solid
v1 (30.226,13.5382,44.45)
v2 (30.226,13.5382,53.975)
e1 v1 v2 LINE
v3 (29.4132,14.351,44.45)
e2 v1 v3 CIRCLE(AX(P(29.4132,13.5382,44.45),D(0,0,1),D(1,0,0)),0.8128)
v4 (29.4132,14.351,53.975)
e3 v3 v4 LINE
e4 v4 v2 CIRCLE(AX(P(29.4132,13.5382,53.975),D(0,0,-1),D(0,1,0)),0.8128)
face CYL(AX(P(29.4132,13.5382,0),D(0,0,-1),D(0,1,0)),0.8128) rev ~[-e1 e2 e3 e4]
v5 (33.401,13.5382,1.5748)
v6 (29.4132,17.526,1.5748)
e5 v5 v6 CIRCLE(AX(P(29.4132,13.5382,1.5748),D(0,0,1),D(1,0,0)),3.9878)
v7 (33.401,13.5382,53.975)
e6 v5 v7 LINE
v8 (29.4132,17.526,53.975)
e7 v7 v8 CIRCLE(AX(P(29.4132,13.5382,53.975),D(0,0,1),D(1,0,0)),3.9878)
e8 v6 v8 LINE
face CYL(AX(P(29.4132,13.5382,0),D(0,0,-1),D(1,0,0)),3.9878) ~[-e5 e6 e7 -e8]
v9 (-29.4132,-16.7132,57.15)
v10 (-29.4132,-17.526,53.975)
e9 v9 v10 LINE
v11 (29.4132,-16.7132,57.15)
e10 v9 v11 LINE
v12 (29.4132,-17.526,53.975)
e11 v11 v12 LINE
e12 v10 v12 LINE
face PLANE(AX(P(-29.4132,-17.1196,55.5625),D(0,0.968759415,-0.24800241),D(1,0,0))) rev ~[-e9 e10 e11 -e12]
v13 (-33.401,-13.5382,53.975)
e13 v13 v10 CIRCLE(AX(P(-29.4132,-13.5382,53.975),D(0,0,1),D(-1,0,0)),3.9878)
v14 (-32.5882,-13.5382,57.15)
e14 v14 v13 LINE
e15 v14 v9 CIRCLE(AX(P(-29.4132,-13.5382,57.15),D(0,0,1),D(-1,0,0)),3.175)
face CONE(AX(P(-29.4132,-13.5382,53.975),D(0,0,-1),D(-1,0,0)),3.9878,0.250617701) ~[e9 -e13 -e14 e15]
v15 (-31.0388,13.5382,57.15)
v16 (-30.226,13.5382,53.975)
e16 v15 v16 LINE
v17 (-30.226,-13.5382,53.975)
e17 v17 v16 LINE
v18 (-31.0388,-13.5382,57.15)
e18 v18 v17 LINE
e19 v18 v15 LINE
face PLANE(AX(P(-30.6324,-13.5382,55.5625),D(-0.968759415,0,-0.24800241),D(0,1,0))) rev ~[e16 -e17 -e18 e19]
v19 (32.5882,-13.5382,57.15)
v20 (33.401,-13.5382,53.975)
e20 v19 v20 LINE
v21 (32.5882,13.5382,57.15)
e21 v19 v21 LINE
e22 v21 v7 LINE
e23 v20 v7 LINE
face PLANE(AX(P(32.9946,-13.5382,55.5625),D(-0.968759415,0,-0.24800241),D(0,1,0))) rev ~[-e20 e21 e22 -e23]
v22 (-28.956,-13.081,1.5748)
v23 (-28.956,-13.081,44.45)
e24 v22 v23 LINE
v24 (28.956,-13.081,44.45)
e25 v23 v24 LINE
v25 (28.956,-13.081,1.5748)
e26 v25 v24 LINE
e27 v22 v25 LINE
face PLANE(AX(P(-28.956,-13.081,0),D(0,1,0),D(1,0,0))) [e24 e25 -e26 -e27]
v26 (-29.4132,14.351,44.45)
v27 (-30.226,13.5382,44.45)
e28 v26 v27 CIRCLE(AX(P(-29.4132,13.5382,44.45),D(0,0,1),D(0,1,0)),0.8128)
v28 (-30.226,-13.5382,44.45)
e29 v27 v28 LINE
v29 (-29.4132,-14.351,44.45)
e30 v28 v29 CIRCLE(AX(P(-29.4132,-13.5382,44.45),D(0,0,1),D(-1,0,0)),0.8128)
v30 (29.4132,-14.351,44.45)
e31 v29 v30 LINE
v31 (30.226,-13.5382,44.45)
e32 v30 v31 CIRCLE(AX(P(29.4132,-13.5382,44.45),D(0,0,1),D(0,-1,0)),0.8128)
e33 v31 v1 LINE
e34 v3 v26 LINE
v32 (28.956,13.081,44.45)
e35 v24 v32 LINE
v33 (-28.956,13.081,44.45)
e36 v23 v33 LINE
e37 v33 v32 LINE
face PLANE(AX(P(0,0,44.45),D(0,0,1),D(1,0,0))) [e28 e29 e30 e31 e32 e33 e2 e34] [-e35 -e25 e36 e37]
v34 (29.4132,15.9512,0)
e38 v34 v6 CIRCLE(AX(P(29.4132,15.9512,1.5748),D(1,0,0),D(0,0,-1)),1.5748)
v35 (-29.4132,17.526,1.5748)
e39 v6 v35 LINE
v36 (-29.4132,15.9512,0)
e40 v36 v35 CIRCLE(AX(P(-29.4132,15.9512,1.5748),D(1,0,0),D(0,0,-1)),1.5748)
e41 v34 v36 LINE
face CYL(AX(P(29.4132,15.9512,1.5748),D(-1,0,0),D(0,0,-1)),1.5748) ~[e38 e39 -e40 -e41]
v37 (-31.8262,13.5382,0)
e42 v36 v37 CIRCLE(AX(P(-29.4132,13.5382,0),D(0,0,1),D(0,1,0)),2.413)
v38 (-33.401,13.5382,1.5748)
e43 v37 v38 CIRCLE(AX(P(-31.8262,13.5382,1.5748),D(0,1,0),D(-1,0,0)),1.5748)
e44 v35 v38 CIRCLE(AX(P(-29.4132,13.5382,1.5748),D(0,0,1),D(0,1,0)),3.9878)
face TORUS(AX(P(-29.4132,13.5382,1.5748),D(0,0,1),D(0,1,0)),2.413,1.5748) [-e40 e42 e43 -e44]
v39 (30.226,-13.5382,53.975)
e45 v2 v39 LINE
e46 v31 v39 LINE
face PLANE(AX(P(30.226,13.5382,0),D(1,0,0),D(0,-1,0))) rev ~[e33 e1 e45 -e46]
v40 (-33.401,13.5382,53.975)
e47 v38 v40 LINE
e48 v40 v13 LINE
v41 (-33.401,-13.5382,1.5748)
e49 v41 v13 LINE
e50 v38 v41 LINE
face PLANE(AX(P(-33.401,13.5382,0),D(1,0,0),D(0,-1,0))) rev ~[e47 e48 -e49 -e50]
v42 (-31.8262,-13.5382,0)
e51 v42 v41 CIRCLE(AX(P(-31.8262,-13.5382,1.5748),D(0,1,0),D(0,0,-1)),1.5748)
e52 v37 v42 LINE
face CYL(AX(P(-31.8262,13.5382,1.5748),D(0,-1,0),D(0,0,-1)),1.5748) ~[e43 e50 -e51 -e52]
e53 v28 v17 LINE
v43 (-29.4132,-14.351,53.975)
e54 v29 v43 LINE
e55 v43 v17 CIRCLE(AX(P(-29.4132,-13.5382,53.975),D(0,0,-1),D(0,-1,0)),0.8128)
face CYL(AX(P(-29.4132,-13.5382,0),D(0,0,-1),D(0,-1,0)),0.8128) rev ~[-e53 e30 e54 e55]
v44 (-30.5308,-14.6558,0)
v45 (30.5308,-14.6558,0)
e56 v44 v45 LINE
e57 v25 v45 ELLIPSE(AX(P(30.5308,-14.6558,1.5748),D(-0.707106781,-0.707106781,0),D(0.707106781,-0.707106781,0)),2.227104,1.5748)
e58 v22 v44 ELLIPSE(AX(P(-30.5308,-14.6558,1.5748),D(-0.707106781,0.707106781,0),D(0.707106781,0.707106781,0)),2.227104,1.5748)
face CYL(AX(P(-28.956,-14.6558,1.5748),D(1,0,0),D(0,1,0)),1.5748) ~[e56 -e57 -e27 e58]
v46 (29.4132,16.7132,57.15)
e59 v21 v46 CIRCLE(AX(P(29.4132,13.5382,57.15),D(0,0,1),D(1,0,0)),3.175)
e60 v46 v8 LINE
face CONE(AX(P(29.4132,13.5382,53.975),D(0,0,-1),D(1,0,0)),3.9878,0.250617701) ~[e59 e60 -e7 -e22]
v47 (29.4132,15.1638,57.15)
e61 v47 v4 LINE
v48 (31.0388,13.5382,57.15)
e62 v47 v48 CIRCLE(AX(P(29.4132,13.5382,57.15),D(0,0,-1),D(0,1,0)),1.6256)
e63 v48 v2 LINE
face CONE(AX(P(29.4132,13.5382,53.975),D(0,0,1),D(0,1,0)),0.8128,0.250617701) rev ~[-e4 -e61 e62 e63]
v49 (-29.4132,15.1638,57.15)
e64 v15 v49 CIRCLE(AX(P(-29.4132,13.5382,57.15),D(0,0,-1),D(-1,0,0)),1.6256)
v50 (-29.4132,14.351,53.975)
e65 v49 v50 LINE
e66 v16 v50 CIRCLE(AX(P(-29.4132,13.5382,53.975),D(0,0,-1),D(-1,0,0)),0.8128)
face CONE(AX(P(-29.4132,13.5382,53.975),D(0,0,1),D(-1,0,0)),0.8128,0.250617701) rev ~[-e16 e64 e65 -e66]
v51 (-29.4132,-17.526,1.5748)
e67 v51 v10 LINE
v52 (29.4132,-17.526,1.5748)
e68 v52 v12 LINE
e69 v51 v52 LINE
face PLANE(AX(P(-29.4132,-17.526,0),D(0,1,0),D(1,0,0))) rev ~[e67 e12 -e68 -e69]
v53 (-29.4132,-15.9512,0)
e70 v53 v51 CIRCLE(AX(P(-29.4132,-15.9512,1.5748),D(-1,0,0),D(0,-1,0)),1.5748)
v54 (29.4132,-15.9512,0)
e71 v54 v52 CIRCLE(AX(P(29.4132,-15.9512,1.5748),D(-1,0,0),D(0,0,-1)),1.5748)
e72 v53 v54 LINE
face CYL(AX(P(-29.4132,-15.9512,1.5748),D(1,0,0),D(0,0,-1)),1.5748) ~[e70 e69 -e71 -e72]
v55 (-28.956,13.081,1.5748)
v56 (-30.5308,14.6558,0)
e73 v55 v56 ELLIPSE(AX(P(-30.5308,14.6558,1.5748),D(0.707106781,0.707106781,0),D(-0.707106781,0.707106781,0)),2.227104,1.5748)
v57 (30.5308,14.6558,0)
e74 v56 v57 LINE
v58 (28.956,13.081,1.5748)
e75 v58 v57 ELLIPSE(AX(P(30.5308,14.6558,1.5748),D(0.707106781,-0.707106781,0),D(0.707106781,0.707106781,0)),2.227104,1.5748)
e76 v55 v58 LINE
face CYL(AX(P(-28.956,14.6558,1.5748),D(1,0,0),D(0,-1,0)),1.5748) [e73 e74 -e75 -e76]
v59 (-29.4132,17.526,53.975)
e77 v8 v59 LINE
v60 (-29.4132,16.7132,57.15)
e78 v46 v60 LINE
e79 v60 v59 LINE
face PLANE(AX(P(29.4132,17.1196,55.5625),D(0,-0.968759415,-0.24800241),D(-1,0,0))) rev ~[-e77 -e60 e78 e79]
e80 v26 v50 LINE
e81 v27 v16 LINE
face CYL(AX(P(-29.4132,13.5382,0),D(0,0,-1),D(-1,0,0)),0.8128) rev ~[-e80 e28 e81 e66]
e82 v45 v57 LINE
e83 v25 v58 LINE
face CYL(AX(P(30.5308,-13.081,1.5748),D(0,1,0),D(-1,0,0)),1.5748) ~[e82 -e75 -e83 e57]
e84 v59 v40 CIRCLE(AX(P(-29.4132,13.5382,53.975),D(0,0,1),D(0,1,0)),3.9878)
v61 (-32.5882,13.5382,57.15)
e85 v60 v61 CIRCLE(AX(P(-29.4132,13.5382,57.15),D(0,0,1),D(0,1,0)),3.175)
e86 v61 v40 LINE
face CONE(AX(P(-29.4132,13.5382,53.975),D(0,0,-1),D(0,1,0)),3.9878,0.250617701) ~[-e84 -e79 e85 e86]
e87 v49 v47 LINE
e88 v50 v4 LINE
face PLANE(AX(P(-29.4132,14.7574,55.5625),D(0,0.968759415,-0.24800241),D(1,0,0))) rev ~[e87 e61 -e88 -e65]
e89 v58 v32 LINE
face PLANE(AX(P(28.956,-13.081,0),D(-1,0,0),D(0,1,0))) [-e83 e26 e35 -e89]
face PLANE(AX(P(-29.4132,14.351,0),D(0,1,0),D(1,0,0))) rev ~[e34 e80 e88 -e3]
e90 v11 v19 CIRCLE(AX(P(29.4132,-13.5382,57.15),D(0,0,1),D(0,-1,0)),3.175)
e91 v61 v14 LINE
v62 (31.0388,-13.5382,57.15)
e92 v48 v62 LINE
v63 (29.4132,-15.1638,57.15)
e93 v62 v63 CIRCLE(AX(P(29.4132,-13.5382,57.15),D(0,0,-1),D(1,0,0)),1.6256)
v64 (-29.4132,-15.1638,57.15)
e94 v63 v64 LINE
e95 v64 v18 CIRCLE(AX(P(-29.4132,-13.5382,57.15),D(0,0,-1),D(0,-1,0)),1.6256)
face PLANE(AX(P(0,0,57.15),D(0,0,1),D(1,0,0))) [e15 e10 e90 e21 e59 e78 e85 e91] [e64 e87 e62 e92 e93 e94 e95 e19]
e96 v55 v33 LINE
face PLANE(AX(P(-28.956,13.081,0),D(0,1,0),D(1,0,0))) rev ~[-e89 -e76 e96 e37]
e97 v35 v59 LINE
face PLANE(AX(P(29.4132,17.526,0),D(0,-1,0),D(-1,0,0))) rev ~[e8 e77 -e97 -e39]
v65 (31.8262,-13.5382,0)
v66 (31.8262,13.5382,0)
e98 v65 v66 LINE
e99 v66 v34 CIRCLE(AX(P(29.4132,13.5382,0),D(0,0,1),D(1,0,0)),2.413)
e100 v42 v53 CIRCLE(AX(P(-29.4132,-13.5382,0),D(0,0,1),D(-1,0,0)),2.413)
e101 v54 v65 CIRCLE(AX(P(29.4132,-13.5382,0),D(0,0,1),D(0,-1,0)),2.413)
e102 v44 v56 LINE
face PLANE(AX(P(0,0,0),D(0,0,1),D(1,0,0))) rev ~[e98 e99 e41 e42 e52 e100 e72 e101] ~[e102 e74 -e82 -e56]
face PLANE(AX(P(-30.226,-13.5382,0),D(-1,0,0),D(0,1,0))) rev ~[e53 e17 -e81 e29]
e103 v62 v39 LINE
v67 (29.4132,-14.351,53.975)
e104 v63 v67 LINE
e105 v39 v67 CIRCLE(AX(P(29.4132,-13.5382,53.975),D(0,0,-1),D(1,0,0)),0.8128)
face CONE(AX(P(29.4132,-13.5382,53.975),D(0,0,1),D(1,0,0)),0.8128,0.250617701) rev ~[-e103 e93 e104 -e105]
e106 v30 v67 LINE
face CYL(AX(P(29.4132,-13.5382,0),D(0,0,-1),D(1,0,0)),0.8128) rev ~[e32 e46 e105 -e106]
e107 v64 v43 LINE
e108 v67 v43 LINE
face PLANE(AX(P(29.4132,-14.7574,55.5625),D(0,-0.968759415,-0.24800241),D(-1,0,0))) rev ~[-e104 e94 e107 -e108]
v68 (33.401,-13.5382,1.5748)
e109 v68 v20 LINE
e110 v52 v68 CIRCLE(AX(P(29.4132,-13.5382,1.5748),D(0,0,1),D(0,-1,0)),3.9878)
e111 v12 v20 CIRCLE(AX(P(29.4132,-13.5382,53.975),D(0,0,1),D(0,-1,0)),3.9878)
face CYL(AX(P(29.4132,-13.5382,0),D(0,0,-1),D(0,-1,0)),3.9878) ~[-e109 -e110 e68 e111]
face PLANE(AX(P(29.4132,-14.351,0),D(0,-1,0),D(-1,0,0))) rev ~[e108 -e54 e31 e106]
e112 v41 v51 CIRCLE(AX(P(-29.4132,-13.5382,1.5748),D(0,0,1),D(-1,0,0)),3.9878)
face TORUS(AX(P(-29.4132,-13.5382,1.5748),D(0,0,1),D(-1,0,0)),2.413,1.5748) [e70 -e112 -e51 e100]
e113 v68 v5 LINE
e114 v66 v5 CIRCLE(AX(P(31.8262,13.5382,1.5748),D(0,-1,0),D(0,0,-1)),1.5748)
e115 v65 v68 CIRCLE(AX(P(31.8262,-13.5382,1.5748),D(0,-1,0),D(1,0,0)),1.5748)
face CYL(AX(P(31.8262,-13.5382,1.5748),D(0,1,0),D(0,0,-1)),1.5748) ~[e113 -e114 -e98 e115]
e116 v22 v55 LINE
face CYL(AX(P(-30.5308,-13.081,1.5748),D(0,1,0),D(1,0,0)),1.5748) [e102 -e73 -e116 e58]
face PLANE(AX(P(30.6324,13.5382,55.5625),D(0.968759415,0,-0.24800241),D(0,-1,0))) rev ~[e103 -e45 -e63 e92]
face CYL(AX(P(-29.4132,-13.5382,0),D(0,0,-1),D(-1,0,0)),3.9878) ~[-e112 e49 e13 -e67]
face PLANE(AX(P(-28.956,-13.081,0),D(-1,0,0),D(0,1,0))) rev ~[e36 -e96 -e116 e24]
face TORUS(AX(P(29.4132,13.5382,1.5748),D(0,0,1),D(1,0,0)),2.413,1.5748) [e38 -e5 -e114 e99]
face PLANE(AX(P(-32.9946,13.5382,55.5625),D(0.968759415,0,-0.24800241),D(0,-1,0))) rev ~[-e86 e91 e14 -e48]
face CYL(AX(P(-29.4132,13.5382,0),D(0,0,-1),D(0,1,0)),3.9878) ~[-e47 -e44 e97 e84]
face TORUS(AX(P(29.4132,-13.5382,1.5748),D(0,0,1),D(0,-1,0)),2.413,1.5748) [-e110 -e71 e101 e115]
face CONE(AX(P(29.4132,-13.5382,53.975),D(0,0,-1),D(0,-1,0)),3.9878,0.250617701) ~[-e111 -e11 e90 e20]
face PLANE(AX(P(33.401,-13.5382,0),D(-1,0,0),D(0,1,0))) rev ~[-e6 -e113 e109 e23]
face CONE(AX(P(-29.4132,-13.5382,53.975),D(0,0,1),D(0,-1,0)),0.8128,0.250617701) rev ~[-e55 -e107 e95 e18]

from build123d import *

# Parameters (mm, degrees)
F1_DEPTH = 57.15
F0_W     = 57.912
F0_H     = 26.162
F2_DEPTH = 44.45
F3_SIZE2 = 3.175
F3_SIZE  = 0.8128
F4_R     = 1.5748


with BuildPart() as f1:
    # F0 (on Top) → F1 (new body)
    with BuildSketch(Plane.XY):
        with BuildLine():
            Line((29.4132, 17.526), (-29.4132, 17.526))
            ThreePointArc((-29.4132, 17.526), (-32.233000422, 16.358000422), (-33.401, 13.5382))
            Line((-33.401, 13.5382), (-33.401, -13.5382))
            ThreePointArc((-33.401, -13.5382), (-32.233000422, -16.358000422), (-29.4132, -17.526))
            Line((-29.4132, -17.526), (29.4132, -17.526))
            ThreePointArc((29.4132, -17.526), (32.233000422, -16.358000422), (33.401, -13.5382))
            Line((33.401, -13.5382), (33.401, 13.5382))
            ThreePointArc((33.401, 13.5382), (32.233000422, 16.358000422), (29.4132, 17.526))
        make_face()
        with BuildLine():
            Line((-29.4132, 14.351), (29.4132, 14.351))
            ThreePointArc((29.4132, 14.351), (29.9879363917, 14.1129363917), (30.226, 13.5382))
            Line((30.226, 13.5382), (30.226, -13.5382))
            ThreePointArc((30.226, -13.5382), (29.9879363917, -14.1129363917), (29.4132, -14.351))
            Line((29.4132, -14.351), (-29.4132, -14.351))
            ThreePointArc((-29.4132, -14.351), (-29.9879363917, -14.1129363917), (-30.226, -13.5382))
            Line((-30.226, -13.5382), (-30.226, 13.5382))
            ThreePointArc((-30.226, 13.5382), (-29.9879363917, 14.1129363917), (-29.4132, 14.351))
        make_face(mode=Mode.SUBTRACT)
    extrude(amount=F1_DEPTH)

    # F0 (on Top) → F2 (join)
    with BuildSketch(Plane.XY):
        with BuildLine():
            ThreePointArc((30.226, 13.5382), (29.9879363917, 14.1129363917), (29.4132, 14.351))
            Line((29.4132, 14.351), (-29.4132, 14.351))
            ThreePointArc((-29.4132, 14.351), (-29.9879363917, 14.1129363917), (-30.226, 13.5382))
            Line((-30.226, 13.5382), (-30.226, -13.5382))
            ThreePointArc((-30.226, -13.5382), (-29.9879363917, -14.1129363917), (-29.4132, -14.351))
            Line((-29.4132, -14.351), (29.4132, -14.351))
            ThreePointArc((29.4132, -14.351), (29.9879363917, -14.1129363917), (30.226, -13.5382))
            Line((30.226, -13.5382), (30.226, 13.5382))
        make_face()
        Rectangle(F0_W, F0_H, mode=Mode.SUBTRACT)
    extrude(amount=F2_DEPTH)

    # F3
    f3_edges = [f1.edges().sort_by_distance(p)[0] for p in [
        (0, 17.526, 57.15),
        (-32.233, 16.358, 57.15),
        (-33.401, 0, 57.15),
        (-32.233, -16.358, 57.15),
        (0, -17.526, 57.15),
        (32.233, -16.358, 57.15),
        (33.401, 0, 57.15),
        (32.233, 16.358, 57.15),
        (0, 14.351, 57.15),
        (29.987936, 14.112936, 57.15),
        (30.226, 0, 57.15),
        (29.987936, -14.112936, 57.15),
        (0, -14.351, 57.15),
        (-29.987936, -14.112936, 57.15),
        (-30.226, 0, 57.15),
        (-29.987936, 14.112936, 57.15),
    ]]
    f3_side = f1.faces().sort_by_distance((0, 16.771603, 57.15))[0]
    chamfer(f3_edges, length=F3_SIZE, length2=F3_SIZE2, reference=f3_side)

    # F4
    f4_edges = [f1.edges().sort_by_distance(p)[0] for p in [
        (0, 17.526, 0),
        (-32.233, 16.358, 0),
        (-33.401, 0, 0),
        (-32.233, -16.358, 0),
        (0, -17.526, 0),
        (32.233, -16.358, 0),
        (33.401, 0, 0),
        (32.233, 16.358, 0),
        (0, -13.081, 0),
        (-28.956, 0, 0),
        (0, 13.081, 0),
        (28.956, 0, 0),
    ]]
    fillet(f4_edges, radius=F4_R)


solid = f1.part
